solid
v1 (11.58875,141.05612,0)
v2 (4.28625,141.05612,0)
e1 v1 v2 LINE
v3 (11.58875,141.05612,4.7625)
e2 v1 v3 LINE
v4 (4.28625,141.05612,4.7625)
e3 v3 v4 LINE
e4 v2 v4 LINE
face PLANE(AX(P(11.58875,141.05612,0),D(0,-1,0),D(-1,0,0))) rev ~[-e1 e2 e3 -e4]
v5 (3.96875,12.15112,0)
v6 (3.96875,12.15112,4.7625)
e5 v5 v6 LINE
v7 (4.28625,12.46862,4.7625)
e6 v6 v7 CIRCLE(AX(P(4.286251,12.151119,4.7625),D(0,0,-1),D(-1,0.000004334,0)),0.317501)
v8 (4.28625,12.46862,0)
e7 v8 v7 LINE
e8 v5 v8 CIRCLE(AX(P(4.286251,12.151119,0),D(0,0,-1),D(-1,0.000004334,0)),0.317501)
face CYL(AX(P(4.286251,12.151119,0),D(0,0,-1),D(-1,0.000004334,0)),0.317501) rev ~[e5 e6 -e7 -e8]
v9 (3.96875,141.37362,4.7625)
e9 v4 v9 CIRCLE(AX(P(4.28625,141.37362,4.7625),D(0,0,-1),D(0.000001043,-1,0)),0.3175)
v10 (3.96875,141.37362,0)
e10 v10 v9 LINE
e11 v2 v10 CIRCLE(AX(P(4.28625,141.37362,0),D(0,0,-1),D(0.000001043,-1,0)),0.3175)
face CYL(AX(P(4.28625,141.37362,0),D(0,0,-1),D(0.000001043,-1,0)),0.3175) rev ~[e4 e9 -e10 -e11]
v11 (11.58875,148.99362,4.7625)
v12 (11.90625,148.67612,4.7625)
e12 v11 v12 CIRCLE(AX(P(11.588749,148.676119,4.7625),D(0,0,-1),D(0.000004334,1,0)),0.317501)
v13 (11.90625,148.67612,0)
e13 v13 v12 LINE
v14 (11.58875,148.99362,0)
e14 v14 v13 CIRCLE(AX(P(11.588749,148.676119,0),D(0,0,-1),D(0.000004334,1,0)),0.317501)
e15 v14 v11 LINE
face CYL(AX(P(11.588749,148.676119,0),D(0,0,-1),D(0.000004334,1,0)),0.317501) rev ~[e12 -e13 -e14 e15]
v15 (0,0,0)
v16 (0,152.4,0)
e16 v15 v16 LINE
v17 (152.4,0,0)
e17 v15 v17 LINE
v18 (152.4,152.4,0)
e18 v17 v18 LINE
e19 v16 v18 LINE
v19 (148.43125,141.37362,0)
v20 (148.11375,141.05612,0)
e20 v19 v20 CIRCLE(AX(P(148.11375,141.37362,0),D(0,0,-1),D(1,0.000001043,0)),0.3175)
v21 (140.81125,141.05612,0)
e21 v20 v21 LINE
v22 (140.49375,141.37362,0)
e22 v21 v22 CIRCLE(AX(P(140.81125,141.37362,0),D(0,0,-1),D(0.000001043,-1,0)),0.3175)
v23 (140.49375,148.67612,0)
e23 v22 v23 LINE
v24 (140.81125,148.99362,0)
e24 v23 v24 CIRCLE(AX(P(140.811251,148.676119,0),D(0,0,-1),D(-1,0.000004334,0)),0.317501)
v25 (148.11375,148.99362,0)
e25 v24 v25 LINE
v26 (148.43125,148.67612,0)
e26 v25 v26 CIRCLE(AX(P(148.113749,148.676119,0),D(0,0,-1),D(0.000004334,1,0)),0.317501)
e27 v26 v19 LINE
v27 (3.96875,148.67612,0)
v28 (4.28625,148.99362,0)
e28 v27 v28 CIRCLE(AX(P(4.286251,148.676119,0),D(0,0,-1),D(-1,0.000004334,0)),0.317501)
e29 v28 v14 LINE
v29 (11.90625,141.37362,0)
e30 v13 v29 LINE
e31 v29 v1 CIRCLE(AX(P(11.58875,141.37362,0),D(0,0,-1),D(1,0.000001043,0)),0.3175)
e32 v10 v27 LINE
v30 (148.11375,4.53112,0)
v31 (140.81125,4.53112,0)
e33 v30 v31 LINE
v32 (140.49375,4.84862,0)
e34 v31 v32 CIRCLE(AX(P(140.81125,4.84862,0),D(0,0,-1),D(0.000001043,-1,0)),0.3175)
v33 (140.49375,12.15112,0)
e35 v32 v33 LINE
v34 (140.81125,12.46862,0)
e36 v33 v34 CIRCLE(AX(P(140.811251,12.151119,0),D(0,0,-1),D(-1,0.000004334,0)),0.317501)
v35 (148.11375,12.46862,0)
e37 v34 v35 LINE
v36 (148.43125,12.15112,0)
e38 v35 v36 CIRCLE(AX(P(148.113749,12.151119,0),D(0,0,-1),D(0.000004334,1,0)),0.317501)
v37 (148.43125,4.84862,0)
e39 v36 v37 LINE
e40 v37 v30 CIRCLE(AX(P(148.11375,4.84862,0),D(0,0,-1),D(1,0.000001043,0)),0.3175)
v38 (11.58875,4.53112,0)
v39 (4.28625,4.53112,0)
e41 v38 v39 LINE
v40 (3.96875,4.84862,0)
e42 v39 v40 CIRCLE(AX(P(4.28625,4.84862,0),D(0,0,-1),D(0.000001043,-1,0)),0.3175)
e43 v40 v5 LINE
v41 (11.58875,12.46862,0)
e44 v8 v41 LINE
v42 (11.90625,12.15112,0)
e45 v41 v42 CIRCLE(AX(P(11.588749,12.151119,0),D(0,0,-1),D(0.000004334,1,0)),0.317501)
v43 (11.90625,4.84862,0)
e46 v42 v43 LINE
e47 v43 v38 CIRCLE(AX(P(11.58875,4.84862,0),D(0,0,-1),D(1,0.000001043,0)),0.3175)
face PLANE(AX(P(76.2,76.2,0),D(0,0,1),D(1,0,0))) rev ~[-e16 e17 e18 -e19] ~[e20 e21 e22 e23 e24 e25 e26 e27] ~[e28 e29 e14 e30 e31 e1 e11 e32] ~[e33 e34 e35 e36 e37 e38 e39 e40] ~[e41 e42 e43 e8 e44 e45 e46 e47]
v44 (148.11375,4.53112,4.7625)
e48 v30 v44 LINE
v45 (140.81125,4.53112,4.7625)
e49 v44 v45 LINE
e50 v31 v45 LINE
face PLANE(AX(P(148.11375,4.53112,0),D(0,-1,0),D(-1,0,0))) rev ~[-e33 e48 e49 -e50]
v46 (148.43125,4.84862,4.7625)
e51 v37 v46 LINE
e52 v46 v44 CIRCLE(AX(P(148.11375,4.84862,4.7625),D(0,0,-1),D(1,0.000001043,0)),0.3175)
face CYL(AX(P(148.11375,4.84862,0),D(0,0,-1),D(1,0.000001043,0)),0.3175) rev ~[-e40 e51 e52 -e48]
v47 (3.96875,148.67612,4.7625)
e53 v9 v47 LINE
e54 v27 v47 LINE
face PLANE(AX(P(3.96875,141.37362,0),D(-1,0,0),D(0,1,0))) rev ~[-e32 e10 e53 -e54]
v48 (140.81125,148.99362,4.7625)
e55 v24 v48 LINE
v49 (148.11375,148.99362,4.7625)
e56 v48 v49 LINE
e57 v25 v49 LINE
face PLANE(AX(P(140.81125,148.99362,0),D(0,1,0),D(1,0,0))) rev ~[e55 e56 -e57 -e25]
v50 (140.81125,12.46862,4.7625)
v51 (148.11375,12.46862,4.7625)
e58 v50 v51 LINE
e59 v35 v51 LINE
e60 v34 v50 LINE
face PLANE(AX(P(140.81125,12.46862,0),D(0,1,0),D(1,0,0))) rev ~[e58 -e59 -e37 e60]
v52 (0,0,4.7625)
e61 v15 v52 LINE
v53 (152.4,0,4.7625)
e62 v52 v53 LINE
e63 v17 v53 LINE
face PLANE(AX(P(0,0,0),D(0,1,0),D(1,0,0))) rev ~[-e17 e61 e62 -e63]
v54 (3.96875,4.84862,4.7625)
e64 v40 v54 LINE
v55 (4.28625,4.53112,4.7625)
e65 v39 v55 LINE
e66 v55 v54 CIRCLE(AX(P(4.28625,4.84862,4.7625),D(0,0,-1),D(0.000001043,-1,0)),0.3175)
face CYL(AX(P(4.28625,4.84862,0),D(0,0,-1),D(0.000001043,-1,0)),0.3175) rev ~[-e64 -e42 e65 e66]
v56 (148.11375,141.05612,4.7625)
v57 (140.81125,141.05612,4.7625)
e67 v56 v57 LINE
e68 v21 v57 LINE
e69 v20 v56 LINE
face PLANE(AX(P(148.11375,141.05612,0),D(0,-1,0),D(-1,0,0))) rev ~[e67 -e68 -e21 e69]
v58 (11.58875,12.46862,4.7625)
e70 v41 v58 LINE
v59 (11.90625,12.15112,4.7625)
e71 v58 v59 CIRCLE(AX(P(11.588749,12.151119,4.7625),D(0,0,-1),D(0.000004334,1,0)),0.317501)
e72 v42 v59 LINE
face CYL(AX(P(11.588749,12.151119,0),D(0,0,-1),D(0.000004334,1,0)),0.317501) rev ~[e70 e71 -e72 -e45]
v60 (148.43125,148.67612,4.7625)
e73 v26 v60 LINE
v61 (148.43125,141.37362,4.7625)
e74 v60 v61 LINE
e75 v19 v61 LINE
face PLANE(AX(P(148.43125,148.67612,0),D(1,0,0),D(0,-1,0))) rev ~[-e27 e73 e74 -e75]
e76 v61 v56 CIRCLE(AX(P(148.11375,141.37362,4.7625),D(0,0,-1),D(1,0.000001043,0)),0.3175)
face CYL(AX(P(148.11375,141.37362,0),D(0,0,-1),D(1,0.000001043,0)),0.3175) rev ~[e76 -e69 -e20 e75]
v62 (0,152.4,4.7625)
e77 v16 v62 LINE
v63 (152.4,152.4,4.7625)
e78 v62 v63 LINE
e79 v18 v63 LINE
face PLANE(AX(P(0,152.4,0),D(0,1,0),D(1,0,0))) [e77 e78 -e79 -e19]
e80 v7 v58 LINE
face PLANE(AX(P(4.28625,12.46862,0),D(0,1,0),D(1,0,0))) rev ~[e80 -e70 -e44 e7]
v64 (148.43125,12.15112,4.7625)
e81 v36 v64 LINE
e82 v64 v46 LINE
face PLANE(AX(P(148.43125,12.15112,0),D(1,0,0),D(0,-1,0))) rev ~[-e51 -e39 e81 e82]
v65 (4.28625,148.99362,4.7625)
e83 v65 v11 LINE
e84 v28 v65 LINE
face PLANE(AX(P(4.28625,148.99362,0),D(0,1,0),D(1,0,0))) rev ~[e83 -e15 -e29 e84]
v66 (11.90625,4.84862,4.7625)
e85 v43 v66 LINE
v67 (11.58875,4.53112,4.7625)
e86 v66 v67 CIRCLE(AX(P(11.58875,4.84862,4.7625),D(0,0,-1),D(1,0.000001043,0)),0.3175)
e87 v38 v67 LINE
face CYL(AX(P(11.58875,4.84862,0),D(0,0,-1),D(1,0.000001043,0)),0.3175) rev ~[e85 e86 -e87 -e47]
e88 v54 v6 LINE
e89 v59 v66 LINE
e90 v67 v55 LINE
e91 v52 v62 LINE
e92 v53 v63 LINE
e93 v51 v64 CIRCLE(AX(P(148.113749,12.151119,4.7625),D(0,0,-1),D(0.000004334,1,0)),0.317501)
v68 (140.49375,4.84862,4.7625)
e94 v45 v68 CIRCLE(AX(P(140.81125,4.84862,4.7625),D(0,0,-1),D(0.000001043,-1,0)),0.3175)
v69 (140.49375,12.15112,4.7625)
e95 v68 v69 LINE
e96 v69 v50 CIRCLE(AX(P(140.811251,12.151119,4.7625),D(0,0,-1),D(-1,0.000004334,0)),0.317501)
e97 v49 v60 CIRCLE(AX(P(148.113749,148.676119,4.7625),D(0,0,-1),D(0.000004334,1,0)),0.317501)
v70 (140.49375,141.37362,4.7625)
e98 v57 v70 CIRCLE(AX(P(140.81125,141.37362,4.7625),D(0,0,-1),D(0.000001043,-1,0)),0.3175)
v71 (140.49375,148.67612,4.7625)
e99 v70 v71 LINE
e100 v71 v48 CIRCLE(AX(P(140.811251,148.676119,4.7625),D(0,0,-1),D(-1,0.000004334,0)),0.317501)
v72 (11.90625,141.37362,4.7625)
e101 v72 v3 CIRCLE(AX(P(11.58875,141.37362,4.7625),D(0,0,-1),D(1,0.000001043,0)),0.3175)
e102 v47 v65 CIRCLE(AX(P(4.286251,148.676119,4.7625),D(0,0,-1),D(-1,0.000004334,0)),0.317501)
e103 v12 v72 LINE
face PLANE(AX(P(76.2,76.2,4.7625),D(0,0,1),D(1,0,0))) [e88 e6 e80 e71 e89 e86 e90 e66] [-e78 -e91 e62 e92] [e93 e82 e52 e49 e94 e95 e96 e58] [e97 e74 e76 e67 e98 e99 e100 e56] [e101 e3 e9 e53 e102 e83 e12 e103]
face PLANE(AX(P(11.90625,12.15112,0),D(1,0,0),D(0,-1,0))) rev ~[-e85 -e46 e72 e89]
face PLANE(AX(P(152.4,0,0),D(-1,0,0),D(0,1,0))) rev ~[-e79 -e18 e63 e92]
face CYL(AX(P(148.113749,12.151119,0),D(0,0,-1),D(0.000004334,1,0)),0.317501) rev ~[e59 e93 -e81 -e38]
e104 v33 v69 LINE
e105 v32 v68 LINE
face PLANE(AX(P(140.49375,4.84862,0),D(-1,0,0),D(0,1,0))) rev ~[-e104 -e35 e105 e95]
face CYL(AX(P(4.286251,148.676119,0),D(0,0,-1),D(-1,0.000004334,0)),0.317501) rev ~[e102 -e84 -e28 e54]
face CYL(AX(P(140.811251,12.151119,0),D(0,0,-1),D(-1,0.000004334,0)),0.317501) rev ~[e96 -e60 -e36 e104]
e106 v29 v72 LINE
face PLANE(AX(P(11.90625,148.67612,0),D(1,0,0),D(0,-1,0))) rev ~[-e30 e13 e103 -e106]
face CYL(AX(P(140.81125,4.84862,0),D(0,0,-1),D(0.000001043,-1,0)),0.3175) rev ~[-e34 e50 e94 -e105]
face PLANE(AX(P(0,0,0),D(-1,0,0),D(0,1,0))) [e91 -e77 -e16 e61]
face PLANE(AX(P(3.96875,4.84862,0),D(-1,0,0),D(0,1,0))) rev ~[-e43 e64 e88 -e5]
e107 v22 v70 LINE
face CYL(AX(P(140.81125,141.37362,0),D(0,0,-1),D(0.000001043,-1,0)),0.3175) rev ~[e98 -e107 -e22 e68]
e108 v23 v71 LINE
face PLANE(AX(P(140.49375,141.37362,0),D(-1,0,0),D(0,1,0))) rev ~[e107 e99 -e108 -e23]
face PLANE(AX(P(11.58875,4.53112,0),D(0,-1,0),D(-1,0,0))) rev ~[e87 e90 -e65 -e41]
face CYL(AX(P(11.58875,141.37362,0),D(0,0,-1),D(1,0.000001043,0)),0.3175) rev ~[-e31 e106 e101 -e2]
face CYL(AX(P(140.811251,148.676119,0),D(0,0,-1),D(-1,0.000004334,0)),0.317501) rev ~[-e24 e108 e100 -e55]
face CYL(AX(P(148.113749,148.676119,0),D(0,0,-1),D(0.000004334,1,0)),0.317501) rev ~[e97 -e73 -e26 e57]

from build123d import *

# Parameters (mm, degrees)
F0_W     = 152.4
F0_H     = 152.4
F1_DEPTH = 4.7625


with BuildPart() as f1:
    # F0 (on Top) → F1 (new body)
    with BuildSketch(Plane.XY):
        with Locations((76.2, 76.2)):
            Rectangle(F0_W, F0_H)
        with BuildLine():
            Line((3.96875, 4.84862), (3.96875, 12.15112))
            ThreePointArc((3.96875, 12.15112), (4.061744, 12.375626), (4.28625, 12.46862))
            Line((4.28625, 12.46862), (11.58875, 12.46862))
            ThreePointArc((11.58875, 12.46862), (11.813256, 12.375626), (11.90625, 12.15112))
            Line((11.90625, 12.15112), (11.90625, 4.84862))
            ThreePointArc((11.90625, 4.84862), (11.813256, 4.624113), (11.58875, 4.53112))
            Line((11.58875, 4.53112), (4.28625, 4.53112))
            ThreePointArc((4.28625, 4.53112), (4.061744, 4.624113), (3.96875, 4.84862))
        make_face(mode=Mode.SUBTRACT)
        with BuildLine():
            ThreePointArc((140.49375, 12.15112), (140.586744, 12.375626), (140.81125, 12.46862))
            Line((140.81125, 12.46862), (148.11375, 12.46862))
            ThreePointArc((148.11375, 12.46862), (148.338256, 12.375626), (148.43125, 12.15112))
            Line((148.43125, 12.15112), (148.43125, 4.84862))
            ThreePointArc((148.43125, 4.84862), (148.338256, 4.624113), (148.11375, 4.53112))
            Line((148.11375, 4.53112), (140.81125, 4.53112))
            ThreePointArc((140.81125, 4.53112), (140.586744, 4.624113), (140.49375, 4.84862))
            Line((140.49375, 4.84862), (140.49375, 12.15112))
        make_face(mode=Mode.SUBTRACT)
        with BuildLine():
            ThreePointArc((3.96875, 148.67612), (4.061744, 148.900626), (4.28625, 148.99362))
            Line((4.28625, 148.99362), (11.58875, 148.99362))
            ThreePointArc((11.58875, 148.99362), (11.813256, 148.900626), (11.90625, 148.67612))
            Line((11.90625, 148.67612), (11.90625, 141.37362))
            ThreePointArc((11.90625, 141.37362), (11.813256, 141.149113), (11.58875, 141.05612))
            Line((11.58875, 141.05612), (4.28625, 141.05612))
            ThreePointArc((4.28625, 141.05612), (4.061744, 141.149113), (3.96875, 141.37362))
            Line((3.96875, 141.37362), (3.96875, 148.67612))
        make_face(mode=Mode.SUBTRACT)
        with BuildLine():
            ThreePointArc((140.49375, 148.67612), (140.586744, 148.900626), (140.81125, 148.99362))
            Line((140.81125, 148.99362), (148.11375, 148.99362))
            ThreePointArc((148.11375, 148.99362), (148.338256, 148.900626), (148.43125, 148.67612))
            Line((148.43125, 148.67612), (148.43125, 141.37362))
            ThreePointArc((148.43125, 141.37362), (148.338256, 141.149113), (148.11375, 141.05612))
            Line((148.11375, 141.05612), (140.81125, 141.05612))
            ThreePointArc((140.81125, 141.05612), (140.586744, 141.149113), (140.49375, 141.37362))
            Line((140.49375, 141.37362), (140.49375, 148.67612))
        make_face(mode=Mode.SUBTRACT)
    extrude(amount=F1_DEPTH)


solid = f1.part
